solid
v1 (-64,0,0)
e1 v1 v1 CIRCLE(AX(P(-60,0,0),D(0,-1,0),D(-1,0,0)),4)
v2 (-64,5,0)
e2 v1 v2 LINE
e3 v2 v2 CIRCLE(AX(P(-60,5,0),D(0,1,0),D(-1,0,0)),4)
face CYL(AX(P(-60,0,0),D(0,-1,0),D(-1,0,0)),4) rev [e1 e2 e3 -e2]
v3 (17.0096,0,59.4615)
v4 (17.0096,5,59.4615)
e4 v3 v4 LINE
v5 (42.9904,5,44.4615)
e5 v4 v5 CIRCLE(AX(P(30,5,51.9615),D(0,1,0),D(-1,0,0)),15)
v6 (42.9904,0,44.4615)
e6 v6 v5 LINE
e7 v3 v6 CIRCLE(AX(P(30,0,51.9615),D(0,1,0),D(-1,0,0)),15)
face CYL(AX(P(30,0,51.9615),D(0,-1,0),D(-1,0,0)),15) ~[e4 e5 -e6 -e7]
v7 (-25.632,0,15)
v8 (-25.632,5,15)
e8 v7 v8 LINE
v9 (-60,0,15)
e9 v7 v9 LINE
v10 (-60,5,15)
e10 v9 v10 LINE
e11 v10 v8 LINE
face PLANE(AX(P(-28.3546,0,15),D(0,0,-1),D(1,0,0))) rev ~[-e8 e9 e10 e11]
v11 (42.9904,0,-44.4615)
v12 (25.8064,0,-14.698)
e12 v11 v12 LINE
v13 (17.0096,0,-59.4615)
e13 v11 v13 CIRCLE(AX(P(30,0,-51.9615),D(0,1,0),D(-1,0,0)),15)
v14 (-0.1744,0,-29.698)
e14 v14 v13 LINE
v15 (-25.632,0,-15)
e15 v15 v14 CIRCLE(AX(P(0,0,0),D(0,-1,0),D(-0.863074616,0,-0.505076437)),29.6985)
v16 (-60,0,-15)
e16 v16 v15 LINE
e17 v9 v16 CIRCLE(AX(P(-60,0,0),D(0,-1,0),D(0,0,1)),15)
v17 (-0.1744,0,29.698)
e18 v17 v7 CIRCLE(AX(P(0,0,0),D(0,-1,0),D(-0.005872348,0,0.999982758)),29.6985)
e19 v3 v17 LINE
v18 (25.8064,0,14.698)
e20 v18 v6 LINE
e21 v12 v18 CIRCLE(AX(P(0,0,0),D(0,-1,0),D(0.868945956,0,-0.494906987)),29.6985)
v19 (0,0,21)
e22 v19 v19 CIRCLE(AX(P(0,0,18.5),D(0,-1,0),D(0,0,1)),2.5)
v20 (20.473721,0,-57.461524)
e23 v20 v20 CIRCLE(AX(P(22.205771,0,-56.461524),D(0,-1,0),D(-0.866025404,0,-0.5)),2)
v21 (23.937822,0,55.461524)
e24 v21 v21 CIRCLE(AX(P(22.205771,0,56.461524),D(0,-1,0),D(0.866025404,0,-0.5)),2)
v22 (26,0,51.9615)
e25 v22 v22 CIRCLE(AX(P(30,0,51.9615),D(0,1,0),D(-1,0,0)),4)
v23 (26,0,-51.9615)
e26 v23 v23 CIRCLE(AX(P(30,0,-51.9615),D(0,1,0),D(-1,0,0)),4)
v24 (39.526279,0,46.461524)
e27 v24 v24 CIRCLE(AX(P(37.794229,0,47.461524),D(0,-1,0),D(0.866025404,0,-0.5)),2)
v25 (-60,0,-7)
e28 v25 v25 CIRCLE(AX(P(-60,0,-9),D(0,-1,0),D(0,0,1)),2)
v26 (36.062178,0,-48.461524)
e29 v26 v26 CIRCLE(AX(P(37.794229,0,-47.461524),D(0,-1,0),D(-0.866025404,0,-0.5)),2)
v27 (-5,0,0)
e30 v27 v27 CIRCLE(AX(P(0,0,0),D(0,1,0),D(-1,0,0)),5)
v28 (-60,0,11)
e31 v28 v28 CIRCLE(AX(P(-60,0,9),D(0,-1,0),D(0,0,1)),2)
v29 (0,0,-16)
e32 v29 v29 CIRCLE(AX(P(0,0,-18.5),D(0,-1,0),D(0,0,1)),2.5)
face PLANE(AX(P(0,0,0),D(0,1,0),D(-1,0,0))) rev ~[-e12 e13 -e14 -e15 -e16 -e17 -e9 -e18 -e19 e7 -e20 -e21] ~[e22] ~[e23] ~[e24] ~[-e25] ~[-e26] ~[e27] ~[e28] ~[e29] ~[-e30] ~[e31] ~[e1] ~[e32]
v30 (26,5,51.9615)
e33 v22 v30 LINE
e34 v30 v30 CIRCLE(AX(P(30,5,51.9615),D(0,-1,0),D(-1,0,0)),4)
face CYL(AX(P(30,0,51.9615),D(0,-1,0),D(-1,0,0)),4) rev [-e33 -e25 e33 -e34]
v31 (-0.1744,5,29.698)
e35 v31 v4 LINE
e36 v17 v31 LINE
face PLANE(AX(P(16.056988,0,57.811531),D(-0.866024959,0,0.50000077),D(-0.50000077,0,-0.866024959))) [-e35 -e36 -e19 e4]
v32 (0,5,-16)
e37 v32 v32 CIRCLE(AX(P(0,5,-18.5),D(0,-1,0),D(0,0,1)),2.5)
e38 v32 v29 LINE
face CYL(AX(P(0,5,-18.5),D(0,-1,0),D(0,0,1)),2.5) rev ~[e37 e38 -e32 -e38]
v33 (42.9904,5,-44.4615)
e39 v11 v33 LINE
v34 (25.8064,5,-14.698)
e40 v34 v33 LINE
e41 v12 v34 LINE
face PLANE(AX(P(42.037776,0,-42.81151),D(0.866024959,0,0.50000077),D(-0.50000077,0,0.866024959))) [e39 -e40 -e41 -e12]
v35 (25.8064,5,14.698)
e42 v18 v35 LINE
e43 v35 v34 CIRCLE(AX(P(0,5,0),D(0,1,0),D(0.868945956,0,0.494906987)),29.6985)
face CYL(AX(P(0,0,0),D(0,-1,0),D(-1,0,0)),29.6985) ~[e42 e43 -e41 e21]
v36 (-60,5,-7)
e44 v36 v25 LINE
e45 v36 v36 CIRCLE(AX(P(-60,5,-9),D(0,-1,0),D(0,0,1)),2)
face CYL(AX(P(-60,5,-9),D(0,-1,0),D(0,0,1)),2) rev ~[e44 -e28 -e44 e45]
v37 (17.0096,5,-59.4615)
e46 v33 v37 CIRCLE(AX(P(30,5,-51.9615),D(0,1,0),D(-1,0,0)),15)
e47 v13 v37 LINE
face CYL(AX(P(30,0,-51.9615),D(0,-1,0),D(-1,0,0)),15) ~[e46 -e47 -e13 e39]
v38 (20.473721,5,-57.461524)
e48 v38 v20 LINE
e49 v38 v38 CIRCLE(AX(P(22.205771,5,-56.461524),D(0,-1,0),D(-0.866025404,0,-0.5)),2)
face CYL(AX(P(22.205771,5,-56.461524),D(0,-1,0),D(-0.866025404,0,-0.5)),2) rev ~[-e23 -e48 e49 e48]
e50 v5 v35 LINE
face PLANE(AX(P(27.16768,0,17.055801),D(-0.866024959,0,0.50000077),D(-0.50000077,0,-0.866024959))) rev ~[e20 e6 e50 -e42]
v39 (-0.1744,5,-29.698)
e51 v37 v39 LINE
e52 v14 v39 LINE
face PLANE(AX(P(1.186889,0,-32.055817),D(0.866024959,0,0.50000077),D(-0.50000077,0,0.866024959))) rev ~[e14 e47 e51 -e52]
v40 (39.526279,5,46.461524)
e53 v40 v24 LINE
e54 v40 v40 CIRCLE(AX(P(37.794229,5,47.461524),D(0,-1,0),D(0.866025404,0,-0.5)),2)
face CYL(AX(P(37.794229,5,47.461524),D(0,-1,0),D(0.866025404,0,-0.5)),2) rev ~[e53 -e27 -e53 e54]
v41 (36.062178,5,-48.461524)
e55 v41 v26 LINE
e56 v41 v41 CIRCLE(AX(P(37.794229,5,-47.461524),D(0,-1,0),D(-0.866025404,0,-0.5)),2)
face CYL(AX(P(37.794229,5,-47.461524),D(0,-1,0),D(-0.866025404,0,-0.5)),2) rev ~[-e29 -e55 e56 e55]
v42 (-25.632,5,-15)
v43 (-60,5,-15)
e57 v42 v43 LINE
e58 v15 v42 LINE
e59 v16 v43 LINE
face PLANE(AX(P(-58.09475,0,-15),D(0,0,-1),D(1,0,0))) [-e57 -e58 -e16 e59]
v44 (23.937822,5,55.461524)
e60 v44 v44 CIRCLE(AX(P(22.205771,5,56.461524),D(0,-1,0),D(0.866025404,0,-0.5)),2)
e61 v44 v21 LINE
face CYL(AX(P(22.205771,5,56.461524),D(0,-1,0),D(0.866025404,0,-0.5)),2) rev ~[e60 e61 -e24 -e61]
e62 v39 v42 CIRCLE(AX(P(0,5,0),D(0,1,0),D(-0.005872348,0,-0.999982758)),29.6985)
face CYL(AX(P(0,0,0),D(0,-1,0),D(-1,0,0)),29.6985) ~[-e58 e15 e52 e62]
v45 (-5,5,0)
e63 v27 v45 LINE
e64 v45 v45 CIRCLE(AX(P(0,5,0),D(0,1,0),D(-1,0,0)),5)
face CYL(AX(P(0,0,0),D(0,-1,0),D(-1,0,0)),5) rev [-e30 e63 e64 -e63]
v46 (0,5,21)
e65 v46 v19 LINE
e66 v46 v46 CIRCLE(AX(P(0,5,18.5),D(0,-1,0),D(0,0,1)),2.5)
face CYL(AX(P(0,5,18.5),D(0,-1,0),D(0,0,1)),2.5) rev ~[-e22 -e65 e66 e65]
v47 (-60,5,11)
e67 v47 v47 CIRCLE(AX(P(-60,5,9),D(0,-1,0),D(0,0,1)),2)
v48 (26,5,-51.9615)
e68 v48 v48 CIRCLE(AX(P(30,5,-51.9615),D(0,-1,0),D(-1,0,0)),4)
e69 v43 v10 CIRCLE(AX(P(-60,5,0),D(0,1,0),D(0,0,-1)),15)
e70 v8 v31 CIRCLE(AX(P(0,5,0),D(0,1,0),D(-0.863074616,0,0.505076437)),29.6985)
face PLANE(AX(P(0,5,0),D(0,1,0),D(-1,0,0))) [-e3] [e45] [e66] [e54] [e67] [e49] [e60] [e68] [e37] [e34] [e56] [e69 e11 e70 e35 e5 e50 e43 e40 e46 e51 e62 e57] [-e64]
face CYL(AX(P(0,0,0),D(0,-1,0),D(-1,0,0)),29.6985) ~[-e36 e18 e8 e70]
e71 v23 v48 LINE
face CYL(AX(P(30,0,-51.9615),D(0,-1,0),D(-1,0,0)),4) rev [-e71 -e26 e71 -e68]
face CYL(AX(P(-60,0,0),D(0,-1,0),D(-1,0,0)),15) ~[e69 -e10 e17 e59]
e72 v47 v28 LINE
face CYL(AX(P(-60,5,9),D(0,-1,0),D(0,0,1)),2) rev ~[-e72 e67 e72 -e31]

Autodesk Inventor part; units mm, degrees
ref_plane "YZ Plane" through (0, 0, 0) normal (1, 0, 0) x (0, 1, 0)
ref_plane "XZ Plane" through (0, 0, 0) normal (0, 1, 0) x (-1, 0, 0)
ref_plane "XY Plane" through (0, 0, 0) normal (0, 0, 1) x (1, 0, 0)
sketch "Sketch1" plane through (0, 0, 0) normal (0, 1, 0) x (-1, 0, 0)
  circle A0 centre (0, 0) radius 60
  circle A1 centre (60, 0) radius 4
  circle A2 centre (-30, 51.9615) radius 4
  circle A3 centre (-30, -51.9615) radius 4
  circle A4 centre (-30, 51.9615) radius 15
  circle A5 centre (-30, -51.9615) radius 15
  circle A6 centre (60, 0) radius 15
  line L0 (21, -21) -> (-21, -21)
  line L1 (-21, -21) -> (-21, 21)
  line L2 (-21, 21) -> (21, 21)
  line L3 (21, 21) -> (21, -21)
  line L4 (21, -21) -> (-21, 21) construction
  line L5 (-21, -21) -> (21, 21) construction
  circle A7 centre (0, 0) radius 5
  line L6 (60, 15) -> (25.632, 15)
  line L7 (60, -15) -> (25.632, -15)
  circle A8 centre (0, 0) radius 29.6985
  circle A9 centre (28.3546, 20) radius 5
  circle A10 centre (28.3546, -20) radius 5
  circle A11 centre (-31.4978, 14.5558) radius 5
  line L8 (-42.9904, 44.4615) -> (-25.8064, 14.698)
  line L9 (-17.0096, 59.4615) -> (0.1744, 29.698)
  circle A12 centre (3.1432, 34.5558) radius 5
  circle A13 centre (3.1432, -34.5558) radius 5
  line L10 (-17.0096, -59.4615) -> (0.1744, -29.698)
  line L11 (-42.9904, -44.4615) -> (-25.8064, -14.698)
  circle A14 centre (-31.4978, -14.5558) radius 5
  point P0 (16, -16)
  point P1 (16, 16)
  point P2 (-16, 16)
  point P3 (-16, -16)
  point P4 (-16.174, 57.7789)
  point P5 (-41.951, 42.8966)
  point P6 (-42.0378, 42.8115)
  point P7 (-25.8064, 14.698)
  point P8 (-25.8064, -14.698)
  point P9 (-42.0378, -42.8115)
  point P10 (-41.951, -42.8966)
  point P11 (-16.174, -57.7789)
  point P12 (-16.057, -57.8115)
  point P13 (58.0948, -15)
  point P14 (58.125, -14.8824)
  point P15 (58.125, 14.8824)
  point P16 (58.0948, 15)
  point P17 (-16.057, 57.8115)
  point P18 (-26.4712, -53.8449)
  point P19 (-33.3955, -49.8472)
  dimension "d0" = 120
  dimension "d2" = 8
  dimension "d5" = 360
  dimension "d7" = 30
  dimension "d8" = 30
  dimension "d9" = 30
  dimension "d10" = 42
  dimension "d11" = 42
  dimension "d12" = 10
  dimension "d13" = 32
  dimension "d14" = 16
  dimension "d15" = 16
  dimension "d16" = 32
  dimension "d17" = 10
  dimension "d18" = 10
  dimension "d21" = 360
extrude "Extrusion1" add sketch "Sketch1" along normal blind 5 contours A1 A0 A6 | A0 A6 A1 | A6 A0 L7 A8 L6 | A0 L6 A6 | A6 L7 A0 | L9 A8 L8 A0 A4 | A0 A4 L9 | L10 A5 A0 | A0 A5 L11 A8 L10 | A4 A0 A2 | A0 A2 A4 | A8 L3 | A5 A0 A3 | A0 A3 A5 | A4 A0 L8 | A8 L2 | L3 L0 L1 L2 | L11 A0 A5 | A8 L0 | L1 A8
sketch "Sketch3" plane through (0, 5, 0) normal (0, 1, 0) x (1, 0, 0)
  point P0 (0, 0)
  point P1 (0, 18.5)
  point P2 (0, -18.5)
  dimension "d36" = 37
  dimension "d37" = 18.5
hole "Hole2" at (0, 5, -18.5) at (0, 5, 18.5) direction (0, -1, 0) diameter 5 end through all
sketch "Sketch4" plane through (0, 5, 0) normal (0, 1, 0) x (1, 0, 0)
  circle A0 centre (30, 51.9615) radius 4 projected
  circle A1 centre (-60, 0) radius 4 projected
  circle A2 centre (30, -51.9615) radius 4 projected
  point P0 (0, 0)
  point P1 (-60, -9)
  point P2 (-60, 9)
  point P3 (26.4712, 53.8449)
  point P4 (33.3955, 49.8472)
  dimension "d45" = 18
  dimension "d46" = 9
hole "Hole3" at (-60, 5, 9) at (-60, 5, -9) direction (0, -1, 0) diameter 4 end through all
pattern_circular "Circular Pattern1" count 3 over 360 about axis through (0, 0, 0) along (0, 1, 0) of "Hole3"
properties part number "De_Tren_Cung" material "Aluminum 6061"
